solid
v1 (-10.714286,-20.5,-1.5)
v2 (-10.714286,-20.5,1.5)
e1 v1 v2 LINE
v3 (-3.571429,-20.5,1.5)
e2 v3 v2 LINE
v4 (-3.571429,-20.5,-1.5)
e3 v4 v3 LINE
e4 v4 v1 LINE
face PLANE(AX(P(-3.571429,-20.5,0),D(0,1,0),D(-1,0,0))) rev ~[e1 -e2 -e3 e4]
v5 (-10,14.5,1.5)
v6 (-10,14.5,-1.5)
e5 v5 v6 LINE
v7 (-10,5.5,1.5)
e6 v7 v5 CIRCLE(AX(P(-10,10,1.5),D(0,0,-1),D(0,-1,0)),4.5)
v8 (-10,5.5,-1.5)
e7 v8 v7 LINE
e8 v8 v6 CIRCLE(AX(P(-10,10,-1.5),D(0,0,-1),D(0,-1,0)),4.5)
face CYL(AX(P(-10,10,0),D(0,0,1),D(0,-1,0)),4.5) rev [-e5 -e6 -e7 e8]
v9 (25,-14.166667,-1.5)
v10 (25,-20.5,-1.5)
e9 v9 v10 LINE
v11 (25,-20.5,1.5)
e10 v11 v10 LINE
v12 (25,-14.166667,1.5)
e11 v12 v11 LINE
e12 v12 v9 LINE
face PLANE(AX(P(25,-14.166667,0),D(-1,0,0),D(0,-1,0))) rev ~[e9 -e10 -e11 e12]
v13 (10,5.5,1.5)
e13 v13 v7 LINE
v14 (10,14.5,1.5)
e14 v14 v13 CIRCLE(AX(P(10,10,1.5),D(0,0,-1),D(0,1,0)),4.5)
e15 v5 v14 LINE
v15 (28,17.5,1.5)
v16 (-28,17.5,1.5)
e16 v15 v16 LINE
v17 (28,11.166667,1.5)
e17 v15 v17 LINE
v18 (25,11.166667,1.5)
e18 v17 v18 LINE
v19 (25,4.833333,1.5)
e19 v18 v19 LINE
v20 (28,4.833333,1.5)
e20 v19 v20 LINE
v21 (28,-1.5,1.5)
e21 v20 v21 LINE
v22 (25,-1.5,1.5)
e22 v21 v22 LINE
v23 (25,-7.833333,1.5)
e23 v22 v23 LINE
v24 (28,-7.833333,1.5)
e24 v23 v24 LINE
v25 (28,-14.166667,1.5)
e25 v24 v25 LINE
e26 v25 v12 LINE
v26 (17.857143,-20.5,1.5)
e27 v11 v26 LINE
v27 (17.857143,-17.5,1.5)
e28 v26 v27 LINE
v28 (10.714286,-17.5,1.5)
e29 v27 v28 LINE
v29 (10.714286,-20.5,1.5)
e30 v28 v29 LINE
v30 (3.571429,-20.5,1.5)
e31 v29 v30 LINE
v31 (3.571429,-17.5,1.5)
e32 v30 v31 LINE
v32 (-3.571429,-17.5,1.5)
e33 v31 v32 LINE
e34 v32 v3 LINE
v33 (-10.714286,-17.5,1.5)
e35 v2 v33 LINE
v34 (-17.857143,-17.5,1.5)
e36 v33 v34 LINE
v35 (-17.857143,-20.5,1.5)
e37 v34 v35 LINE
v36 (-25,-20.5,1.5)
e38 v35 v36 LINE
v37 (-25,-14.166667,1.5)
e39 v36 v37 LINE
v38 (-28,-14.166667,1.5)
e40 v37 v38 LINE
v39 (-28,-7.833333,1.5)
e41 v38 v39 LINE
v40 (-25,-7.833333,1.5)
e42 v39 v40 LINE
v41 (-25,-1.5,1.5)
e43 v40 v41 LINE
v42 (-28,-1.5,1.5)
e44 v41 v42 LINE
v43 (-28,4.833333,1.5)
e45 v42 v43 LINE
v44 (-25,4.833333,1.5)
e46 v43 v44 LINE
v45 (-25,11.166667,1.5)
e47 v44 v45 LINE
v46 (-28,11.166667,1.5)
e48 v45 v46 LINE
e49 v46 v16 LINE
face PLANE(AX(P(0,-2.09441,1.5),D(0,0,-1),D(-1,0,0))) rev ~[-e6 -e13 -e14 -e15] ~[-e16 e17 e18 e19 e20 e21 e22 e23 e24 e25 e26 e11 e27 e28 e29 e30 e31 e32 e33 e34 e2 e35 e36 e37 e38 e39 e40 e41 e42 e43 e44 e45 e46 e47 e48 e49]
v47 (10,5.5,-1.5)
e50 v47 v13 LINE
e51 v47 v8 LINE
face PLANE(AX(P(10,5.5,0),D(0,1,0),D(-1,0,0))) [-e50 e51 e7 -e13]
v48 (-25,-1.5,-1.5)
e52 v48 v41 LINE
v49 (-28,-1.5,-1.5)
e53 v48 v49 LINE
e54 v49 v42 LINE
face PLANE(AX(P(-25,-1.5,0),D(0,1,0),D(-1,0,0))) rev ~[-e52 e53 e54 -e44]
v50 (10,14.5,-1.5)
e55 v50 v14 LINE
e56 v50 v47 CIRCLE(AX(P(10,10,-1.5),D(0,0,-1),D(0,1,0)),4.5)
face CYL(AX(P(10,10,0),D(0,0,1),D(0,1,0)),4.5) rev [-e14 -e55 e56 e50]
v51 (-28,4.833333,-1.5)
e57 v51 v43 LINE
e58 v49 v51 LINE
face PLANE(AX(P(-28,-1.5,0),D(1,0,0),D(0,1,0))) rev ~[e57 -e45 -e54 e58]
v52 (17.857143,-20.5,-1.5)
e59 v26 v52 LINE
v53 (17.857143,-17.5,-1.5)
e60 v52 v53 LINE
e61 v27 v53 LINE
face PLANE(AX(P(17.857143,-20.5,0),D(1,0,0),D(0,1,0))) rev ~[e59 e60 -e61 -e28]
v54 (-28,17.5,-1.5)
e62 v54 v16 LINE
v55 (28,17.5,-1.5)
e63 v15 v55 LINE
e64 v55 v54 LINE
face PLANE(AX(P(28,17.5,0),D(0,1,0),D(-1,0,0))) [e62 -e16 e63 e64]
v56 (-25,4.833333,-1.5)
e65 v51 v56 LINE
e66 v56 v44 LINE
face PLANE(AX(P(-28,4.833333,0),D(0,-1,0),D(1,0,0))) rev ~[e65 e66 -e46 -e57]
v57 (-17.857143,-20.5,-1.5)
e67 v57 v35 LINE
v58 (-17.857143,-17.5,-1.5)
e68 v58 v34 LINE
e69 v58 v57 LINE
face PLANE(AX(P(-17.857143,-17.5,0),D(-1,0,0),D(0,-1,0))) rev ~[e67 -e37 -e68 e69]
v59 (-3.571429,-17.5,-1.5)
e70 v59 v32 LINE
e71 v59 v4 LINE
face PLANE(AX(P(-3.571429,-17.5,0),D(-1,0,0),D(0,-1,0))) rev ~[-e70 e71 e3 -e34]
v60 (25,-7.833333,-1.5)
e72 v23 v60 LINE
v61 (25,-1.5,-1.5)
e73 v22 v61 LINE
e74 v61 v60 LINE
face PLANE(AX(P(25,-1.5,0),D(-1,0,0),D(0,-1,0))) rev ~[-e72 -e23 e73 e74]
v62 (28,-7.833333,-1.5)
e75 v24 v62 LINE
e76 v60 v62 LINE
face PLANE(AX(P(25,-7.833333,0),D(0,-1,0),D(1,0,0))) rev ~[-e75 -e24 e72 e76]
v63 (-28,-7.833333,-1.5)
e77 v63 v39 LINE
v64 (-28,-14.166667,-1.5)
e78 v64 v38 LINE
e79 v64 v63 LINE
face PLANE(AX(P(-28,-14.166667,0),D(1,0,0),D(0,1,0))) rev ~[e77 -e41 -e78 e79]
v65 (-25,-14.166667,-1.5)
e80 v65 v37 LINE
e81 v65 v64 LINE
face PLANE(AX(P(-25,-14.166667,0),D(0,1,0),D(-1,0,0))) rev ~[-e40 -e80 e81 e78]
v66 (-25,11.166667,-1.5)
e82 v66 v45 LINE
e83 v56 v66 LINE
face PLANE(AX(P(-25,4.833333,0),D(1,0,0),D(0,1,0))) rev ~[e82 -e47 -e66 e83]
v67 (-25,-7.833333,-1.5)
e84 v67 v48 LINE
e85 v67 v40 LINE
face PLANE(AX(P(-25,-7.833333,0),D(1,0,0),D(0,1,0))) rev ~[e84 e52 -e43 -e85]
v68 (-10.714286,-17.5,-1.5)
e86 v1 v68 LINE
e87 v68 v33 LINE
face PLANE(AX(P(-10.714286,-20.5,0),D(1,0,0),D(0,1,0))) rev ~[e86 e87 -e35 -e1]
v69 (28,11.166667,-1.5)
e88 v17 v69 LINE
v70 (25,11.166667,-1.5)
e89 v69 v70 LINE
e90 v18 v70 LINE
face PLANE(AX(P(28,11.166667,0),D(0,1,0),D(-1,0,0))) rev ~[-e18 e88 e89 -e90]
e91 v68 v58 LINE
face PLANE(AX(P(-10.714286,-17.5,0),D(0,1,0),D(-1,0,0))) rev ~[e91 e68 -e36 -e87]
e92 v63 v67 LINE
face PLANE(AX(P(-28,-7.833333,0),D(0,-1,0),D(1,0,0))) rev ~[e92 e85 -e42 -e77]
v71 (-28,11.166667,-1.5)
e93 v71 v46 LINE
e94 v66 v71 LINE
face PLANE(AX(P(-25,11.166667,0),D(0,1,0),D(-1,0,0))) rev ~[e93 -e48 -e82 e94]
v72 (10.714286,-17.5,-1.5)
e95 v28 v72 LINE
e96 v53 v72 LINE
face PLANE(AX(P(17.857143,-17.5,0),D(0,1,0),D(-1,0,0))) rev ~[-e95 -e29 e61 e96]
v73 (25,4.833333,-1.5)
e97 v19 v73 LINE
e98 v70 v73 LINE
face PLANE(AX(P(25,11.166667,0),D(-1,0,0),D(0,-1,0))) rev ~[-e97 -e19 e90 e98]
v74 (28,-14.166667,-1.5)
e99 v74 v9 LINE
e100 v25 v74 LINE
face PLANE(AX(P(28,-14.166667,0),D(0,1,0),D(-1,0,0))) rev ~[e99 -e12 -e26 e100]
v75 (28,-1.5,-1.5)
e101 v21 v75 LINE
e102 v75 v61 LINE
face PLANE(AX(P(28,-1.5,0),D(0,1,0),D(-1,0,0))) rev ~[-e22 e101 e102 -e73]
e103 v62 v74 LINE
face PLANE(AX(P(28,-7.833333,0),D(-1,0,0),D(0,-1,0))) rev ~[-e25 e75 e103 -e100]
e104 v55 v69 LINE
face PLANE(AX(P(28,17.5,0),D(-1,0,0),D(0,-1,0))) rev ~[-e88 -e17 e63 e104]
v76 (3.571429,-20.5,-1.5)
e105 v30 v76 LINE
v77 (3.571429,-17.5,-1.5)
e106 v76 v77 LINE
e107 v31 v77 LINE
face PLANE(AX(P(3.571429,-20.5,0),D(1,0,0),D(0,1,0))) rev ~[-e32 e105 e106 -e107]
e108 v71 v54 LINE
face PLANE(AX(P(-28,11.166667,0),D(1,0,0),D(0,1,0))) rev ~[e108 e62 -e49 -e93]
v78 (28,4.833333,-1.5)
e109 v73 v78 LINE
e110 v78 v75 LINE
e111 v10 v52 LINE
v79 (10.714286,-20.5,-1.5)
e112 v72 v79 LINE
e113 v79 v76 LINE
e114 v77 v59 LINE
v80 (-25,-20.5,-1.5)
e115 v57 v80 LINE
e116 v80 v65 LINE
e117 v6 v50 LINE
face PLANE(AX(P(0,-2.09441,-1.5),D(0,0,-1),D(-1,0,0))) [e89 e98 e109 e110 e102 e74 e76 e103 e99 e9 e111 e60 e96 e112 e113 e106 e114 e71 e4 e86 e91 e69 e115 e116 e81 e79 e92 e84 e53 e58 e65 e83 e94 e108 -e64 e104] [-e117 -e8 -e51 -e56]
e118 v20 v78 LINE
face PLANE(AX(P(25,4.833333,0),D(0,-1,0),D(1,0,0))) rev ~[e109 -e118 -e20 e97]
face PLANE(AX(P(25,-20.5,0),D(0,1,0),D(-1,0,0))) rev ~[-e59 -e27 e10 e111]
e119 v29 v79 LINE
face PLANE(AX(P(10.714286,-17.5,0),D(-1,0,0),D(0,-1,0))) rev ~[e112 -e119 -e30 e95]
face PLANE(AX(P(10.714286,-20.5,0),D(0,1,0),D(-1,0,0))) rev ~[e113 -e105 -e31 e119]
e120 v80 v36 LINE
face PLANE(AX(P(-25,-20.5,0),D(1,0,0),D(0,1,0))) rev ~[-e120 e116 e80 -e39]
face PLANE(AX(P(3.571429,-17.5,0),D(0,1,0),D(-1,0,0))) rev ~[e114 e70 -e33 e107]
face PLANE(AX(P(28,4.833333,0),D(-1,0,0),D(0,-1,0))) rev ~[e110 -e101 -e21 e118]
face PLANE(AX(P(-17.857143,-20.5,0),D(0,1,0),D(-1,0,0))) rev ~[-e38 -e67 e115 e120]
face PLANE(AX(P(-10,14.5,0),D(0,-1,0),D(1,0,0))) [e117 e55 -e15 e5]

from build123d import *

# Parameters (mm, degrees)
ESTRUSIONE_ESTRUSIONE1_DEPTH = 1.5


with BuildPart() as part:
    # Schizzo1 → Estrusione-Estrusione1 (new body, symmetric)
    with BuildSketch(Plane.XY):
        Polygon((25, 17.5), (28, 17.5), (28, 11.166666667), (25, 11.166666667), (25, 4.833333333), (28, 4.833333333), (28, -1.5), (25, -1.5), (25, -7.833333333), (28, -7.833333333), (28, -14.166666667), (25, -14.166666667), (25, -20.5), (17.857142857, -20.5), (17.857142857, -17.5), (10.714285714, -17.5), (10.714285714, -20.5), (3.571428571, -20.5), (3.571428571, -17.5), (-3.571428571, -17.5), (-3.571428571, -20.5), (-10.714285714, -20.5), (-10.714285714, -17.5), (-17.857142857, -17.5), (-17.857142857, -20.5), (-25, -20.5), (-25, -14.166666667), (-28, -14.166666667), (-28, -7.833333333), (-25, -7.833333333), (-25, -1.5), (-28, -1.5), (-28, 4.833333333), (-25, 4.833333333), (-25, 11.166666667), (-28, 11.166666667), (-28, 17.5), (-25, 17.5), align=None)
        with BuildLine():
            Line((-10, 14.5), (10, 14.5))
            ThreePointArc((10, 14.5), (14.5, 10), (10, 5.5))
            Line((10, 5.5), (-10, 5.5))
            ThreePointArc((-10, 5.5), (-14.5, 10), (-10, 14.5))
        make_face(mode=Mode.SUBTRACT)
    extrude(amount=ESTRUSIONE_ESTRUSIONE1_DEPTH, both=True)


solid = part.part
